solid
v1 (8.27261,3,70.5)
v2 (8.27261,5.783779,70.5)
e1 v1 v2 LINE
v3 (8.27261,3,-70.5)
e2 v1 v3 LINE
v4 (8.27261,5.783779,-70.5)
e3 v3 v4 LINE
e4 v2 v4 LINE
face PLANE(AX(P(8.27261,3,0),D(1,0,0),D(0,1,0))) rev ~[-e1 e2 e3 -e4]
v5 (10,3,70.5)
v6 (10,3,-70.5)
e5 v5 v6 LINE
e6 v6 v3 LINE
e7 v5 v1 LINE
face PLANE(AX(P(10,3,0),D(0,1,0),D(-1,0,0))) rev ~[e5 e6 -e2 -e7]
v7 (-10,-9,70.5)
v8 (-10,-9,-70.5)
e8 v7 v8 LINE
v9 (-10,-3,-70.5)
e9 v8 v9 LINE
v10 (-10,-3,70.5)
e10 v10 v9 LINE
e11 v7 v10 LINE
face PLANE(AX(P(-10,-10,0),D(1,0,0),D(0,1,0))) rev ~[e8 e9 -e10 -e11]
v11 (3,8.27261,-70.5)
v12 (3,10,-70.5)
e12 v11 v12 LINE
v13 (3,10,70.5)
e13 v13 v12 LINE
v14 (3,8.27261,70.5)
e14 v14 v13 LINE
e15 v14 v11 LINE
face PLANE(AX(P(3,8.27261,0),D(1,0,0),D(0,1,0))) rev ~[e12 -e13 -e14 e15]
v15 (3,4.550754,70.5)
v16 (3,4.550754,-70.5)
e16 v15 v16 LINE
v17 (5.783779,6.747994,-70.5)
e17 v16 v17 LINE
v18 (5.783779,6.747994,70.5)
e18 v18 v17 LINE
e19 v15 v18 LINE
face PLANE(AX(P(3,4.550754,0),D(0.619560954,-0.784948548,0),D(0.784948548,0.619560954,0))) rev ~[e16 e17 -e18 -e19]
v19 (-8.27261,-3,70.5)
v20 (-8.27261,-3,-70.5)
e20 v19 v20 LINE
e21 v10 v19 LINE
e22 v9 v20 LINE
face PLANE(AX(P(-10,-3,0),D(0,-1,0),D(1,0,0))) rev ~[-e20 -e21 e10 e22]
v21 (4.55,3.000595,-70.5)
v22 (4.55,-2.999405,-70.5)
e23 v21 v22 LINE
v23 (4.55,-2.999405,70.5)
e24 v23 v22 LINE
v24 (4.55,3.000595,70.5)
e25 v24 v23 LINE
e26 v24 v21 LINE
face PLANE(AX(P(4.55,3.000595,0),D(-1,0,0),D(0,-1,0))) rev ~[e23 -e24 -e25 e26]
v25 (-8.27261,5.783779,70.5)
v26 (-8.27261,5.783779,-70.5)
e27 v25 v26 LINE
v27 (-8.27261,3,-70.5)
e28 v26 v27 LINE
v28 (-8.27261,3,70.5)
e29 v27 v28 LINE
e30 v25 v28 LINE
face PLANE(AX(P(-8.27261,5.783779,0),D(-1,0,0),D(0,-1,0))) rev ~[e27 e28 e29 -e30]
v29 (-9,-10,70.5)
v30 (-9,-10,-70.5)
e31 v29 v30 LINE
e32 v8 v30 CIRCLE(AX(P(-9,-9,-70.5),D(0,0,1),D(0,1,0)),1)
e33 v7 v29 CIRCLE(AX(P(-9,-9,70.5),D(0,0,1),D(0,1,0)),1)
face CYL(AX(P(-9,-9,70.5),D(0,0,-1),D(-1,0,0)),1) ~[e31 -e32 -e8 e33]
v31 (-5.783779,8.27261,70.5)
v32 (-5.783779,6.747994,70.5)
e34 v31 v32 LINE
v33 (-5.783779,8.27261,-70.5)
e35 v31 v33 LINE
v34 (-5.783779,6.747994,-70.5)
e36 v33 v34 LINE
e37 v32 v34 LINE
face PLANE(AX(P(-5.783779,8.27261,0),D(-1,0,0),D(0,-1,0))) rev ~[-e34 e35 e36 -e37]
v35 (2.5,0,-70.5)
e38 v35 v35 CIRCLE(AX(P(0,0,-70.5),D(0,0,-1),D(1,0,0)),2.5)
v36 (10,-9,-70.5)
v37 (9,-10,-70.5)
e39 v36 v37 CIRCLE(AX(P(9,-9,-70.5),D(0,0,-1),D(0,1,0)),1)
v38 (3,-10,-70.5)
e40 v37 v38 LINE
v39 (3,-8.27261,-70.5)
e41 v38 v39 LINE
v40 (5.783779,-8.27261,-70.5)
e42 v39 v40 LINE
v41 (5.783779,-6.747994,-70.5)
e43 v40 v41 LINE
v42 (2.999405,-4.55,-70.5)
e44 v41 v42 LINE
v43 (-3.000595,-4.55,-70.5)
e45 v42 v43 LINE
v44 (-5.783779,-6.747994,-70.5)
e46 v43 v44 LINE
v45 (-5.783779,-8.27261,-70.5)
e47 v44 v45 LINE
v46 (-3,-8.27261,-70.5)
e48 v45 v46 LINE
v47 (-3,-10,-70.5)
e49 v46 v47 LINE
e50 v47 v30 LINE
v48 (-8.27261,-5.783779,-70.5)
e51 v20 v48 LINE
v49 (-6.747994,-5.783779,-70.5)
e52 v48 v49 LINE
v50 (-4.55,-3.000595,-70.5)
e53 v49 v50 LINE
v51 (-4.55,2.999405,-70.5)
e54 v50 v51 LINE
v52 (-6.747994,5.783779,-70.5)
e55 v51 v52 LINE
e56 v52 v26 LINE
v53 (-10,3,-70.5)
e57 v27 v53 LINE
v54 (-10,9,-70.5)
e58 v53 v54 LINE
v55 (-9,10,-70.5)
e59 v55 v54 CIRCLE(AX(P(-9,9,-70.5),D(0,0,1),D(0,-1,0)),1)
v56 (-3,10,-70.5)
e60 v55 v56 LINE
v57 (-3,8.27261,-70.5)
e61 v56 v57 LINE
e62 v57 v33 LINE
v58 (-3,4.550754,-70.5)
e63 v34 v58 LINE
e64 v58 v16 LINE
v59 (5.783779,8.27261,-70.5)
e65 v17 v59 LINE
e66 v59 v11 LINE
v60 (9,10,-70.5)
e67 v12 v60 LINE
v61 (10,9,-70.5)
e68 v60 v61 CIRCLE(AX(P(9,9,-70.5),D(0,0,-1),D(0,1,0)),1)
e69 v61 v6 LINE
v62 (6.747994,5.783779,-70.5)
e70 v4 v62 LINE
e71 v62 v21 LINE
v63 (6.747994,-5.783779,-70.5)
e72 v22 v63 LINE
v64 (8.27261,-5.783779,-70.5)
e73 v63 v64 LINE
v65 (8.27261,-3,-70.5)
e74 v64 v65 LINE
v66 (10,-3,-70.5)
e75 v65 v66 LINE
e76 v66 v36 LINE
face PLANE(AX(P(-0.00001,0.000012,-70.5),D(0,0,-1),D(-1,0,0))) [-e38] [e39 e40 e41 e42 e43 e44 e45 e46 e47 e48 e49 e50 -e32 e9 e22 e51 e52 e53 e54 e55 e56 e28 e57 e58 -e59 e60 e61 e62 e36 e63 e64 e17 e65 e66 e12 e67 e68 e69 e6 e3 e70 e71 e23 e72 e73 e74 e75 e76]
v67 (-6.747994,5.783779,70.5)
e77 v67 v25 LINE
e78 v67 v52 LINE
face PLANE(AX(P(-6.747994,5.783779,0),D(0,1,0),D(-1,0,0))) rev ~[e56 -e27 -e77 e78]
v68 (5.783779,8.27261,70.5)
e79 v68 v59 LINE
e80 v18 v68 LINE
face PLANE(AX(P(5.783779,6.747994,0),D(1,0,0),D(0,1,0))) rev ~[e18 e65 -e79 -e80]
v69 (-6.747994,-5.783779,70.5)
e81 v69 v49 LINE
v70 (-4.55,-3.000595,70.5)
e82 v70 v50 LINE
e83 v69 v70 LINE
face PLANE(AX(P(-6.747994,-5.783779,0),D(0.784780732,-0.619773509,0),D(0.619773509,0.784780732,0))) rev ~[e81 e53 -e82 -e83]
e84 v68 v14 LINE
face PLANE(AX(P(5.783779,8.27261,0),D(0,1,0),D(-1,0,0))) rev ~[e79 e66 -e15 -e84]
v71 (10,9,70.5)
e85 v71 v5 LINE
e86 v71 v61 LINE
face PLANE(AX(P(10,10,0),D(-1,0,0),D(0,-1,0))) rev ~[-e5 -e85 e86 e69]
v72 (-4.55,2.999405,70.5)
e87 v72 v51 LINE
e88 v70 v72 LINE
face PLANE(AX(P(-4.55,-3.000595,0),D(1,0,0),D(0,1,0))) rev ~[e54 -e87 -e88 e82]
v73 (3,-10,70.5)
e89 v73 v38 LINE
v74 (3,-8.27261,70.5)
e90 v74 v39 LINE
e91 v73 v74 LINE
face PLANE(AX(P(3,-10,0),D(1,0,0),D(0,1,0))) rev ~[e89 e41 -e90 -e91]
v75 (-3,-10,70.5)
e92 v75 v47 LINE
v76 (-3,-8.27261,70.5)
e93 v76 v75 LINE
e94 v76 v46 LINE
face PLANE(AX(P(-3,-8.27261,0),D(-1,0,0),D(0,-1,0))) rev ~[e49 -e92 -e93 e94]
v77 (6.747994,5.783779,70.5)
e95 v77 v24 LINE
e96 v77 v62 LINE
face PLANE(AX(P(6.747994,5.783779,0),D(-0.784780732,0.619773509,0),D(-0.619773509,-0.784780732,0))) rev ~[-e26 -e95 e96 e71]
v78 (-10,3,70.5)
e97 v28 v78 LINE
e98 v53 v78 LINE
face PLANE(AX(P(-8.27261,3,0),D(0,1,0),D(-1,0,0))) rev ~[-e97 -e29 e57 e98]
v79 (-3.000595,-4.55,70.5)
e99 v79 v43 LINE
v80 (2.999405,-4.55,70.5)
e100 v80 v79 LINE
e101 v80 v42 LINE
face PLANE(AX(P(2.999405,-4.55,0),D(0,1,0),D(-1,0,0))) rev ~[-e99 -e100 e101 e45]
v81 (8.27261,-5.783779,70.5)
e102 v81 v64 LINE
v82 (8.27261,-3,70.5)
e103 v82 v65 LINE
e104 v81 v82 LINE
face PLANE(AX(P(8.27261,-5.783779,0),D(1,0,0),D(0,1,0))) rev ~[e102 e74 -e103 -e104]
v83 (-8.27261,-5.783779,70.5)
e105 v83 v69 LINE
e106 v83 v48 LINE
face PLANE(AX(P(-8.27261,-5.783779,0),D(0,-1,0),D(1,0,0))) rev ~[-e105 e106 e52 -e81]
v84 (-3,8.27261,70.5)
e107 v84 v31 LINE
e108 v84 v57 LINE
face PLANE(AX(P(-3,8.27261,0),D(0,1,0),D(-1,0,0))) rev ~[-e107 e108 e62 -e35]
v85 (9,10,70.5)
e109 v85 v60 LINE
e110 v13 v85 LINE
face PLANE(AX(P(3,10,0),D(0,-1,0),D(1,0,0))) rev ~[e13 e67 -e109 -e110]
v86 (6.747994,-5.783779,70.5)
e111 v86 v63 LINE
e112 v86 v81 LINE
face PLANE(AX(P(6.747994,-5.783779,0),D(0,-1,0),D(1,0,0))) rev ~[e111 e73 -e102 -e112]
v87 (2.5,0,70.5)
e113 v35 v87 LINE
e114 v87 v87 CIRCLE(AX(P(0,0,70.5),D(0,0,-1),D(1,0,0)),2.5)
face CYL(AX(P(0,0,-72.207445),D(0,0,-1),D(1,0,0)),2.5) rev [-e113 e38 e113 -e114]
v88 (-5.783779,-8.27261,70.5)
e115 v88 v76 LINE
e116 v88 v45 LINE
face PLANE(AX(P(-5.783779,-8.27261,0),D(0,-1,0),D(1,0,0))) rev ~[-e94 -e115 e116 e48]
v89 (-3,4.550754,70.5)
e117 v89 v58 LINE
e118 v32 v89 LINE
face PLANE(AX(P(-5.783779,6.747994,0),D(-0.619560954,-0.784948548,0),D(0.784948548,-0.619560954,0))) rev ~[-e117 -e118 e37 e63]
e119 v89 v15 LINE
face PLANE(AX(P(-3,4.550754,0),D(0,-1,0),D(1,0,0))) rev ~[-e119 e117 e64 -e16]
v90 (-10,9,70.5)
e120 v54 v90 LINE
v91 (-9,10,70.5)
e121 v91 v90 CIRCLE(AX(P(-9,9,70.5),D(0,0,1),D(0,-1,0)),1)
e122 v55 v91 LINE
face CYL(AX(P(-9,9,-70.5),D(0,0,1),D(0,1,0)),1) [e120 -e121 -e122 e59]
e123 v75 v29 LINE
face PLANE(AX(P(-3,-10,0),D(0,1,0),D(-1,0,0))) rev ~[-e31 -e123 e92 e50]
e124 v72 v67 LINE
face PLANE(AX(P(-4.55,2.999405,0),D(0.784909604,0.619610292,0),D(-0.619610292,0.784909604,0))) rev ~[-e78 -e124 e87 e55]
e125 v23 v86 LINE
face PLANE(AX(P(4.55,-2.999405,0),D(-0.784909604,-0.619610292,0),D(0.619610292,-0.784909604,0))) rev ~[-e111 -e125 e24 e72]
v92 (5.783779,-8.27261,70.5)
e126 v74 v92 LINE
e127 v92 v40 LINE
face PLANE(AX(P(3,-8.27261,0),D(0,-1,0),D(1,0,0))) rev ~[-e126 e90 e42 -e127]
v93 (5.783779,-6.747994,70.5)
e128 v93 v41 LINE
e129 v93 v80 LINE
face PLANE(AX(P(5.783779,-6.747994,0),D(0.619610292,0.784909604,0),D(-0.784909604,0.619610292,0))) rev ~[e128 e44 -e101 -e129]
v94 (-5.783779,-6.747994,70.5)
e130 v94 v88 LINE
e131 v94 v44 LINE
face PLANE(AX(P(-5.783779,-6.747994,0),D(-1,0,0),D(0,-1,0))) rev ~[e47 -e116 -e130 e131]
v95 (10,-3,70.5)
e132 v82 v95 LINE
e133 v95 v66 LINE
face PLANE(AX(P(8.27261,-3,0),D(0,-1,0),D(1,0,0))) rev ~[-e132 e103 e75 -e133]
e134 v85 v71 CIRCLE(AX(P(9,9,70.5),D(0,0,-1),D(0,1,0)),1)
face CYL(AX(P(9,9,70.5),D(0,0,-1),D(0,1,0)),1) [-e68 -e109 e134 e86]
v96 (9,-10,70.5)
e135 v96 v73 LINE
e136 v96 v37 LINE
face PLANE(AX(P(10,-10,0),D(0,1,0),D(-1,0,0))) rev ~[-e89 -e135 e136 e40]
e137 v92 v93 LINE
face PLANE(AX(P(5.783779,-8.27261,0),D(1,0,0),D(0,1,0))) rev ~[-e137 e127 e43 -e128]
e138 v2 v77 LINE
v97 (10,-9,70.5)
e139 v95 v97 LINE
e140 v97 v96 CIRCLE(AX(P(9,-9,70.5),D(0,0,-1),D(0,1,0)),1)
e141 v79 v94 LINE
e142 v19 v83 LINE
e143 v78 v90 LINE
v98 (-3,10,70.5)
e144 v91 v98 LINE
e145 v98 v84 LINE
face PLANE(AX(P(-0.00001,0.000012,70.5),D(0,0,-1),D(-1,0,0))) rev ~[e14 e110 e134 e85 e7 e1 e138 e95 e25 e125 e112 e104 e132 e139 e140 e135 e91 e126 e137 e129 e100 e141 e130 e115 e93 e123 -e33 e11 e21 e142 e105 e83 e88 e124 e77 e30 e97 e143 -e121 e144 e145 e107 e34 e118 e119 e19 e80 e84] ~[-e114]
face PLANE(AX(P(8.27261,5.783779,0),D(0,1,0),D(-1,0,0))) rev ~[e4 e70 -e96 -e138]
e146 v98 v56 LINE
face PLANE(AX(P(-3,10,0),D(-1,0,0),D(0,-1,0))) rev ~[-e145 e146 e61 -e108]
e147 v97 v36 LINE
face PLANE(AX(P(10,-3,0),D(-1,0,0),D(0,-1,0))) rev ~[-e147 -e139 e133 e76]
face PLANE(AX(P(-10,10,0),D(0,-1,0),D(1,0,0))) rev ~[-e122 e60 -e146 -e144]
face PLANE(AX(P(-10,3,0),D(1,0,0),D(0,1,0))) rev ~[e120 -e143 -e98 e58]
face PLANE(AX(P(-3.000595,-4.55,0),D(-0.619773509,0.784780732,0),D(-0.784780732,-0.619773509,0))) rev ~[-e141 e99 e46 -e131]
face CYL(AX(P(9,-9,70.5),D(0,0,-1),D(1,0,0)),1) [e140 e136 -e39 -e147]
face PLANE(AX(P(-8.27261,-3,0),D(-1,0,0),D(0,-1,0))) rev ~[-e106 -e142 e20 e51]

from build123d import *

# Parameters (mm, degrees)
BOSS_EXTRUDE1_DEPTH     = 70.5
CUT_EXTRUDE1_DEPTH      = 142.707445111
CUT_EXTRUDE1_DEPTH_BACK = 142.707445111
SKETCH2_R               = 2.5
FILLET1_R               = 1


with BuildPart() as part:
    # Sketch1 → Boss-Extrude1 (new, symmetric)
    with BuildSketch(Plane.XY):
        Polygon((-10, 10), (-3, 10), (-3, 8.272610059), (-5.783778863, 8.272610059), (-5.783778863, 6.747994248), (-3, 4.550753814), (3, 4.550753814), (5.783778863, 6.747994248), (5.783778863, 8.272610059), (3, 8.272610059), (3, 10), (10, 10), (10, 3), (8.272610059, 3), (8.272610059, 5.783778863), (6.747994248, 5.783778863), (4.55, 3.000595152), (4.55, -2.999404848), (6.747994248, -5.783778863), (8.272610059, -5.783778863), (8.272610059, -3), (10, -3), (10, -10), (3, -10), (3, -8.272610059), (5.783778863, -8.272610059), (5.783778863, -6.747994248), (2.999404848, -4.55), (-3.000595152, -4.55), (-5.783778863, -6.747994248), (-5.783778863, -8.272610059), (-3, -8.272610059), (-3, -10), (-10, -10), (-10, -3), (-8.272610059, -3), (-8.272610059, -5.783778863), (-6.747994248, -5.783778863), (-4.55, -3.000595152), (-4.55, 2.999404848), (-6.747994248, 5.783778863), (-8.272610059, 5.783778863), (-8.272610059, 3), (-10, 3), align=None)
    extrude(amount=BOSS_EXTRUDE1_DEPTH, both=True)

    # Sketch2 → Cut-Extrude1 (cut, two sides: drawn at the far end of the back side and taken through both)
    with BuildSketch(Plane.XY.offset(70.5).offset(-CUT_EXTRUDE1_DEPTH_BACK)):
        Circle(SKETCH2_R)
    extrude(amount=CUT_EXTRUDE1_DEPTH + CUT_EXTRUDE1_DEPTH_BACK, mode=Mode.SUBTRACT)

    # Fillet1
    fillet1_edges = [part.edges().sort_by_distance(p)[0] for p in [
        (-10, 10, 0),
        (10, 10, 0),
        (10, -10, 0),
        (-10, -10, 0),
    ]]
    fillet(fillet1_edges, radius=FILLET1_R)


solid = part.part
